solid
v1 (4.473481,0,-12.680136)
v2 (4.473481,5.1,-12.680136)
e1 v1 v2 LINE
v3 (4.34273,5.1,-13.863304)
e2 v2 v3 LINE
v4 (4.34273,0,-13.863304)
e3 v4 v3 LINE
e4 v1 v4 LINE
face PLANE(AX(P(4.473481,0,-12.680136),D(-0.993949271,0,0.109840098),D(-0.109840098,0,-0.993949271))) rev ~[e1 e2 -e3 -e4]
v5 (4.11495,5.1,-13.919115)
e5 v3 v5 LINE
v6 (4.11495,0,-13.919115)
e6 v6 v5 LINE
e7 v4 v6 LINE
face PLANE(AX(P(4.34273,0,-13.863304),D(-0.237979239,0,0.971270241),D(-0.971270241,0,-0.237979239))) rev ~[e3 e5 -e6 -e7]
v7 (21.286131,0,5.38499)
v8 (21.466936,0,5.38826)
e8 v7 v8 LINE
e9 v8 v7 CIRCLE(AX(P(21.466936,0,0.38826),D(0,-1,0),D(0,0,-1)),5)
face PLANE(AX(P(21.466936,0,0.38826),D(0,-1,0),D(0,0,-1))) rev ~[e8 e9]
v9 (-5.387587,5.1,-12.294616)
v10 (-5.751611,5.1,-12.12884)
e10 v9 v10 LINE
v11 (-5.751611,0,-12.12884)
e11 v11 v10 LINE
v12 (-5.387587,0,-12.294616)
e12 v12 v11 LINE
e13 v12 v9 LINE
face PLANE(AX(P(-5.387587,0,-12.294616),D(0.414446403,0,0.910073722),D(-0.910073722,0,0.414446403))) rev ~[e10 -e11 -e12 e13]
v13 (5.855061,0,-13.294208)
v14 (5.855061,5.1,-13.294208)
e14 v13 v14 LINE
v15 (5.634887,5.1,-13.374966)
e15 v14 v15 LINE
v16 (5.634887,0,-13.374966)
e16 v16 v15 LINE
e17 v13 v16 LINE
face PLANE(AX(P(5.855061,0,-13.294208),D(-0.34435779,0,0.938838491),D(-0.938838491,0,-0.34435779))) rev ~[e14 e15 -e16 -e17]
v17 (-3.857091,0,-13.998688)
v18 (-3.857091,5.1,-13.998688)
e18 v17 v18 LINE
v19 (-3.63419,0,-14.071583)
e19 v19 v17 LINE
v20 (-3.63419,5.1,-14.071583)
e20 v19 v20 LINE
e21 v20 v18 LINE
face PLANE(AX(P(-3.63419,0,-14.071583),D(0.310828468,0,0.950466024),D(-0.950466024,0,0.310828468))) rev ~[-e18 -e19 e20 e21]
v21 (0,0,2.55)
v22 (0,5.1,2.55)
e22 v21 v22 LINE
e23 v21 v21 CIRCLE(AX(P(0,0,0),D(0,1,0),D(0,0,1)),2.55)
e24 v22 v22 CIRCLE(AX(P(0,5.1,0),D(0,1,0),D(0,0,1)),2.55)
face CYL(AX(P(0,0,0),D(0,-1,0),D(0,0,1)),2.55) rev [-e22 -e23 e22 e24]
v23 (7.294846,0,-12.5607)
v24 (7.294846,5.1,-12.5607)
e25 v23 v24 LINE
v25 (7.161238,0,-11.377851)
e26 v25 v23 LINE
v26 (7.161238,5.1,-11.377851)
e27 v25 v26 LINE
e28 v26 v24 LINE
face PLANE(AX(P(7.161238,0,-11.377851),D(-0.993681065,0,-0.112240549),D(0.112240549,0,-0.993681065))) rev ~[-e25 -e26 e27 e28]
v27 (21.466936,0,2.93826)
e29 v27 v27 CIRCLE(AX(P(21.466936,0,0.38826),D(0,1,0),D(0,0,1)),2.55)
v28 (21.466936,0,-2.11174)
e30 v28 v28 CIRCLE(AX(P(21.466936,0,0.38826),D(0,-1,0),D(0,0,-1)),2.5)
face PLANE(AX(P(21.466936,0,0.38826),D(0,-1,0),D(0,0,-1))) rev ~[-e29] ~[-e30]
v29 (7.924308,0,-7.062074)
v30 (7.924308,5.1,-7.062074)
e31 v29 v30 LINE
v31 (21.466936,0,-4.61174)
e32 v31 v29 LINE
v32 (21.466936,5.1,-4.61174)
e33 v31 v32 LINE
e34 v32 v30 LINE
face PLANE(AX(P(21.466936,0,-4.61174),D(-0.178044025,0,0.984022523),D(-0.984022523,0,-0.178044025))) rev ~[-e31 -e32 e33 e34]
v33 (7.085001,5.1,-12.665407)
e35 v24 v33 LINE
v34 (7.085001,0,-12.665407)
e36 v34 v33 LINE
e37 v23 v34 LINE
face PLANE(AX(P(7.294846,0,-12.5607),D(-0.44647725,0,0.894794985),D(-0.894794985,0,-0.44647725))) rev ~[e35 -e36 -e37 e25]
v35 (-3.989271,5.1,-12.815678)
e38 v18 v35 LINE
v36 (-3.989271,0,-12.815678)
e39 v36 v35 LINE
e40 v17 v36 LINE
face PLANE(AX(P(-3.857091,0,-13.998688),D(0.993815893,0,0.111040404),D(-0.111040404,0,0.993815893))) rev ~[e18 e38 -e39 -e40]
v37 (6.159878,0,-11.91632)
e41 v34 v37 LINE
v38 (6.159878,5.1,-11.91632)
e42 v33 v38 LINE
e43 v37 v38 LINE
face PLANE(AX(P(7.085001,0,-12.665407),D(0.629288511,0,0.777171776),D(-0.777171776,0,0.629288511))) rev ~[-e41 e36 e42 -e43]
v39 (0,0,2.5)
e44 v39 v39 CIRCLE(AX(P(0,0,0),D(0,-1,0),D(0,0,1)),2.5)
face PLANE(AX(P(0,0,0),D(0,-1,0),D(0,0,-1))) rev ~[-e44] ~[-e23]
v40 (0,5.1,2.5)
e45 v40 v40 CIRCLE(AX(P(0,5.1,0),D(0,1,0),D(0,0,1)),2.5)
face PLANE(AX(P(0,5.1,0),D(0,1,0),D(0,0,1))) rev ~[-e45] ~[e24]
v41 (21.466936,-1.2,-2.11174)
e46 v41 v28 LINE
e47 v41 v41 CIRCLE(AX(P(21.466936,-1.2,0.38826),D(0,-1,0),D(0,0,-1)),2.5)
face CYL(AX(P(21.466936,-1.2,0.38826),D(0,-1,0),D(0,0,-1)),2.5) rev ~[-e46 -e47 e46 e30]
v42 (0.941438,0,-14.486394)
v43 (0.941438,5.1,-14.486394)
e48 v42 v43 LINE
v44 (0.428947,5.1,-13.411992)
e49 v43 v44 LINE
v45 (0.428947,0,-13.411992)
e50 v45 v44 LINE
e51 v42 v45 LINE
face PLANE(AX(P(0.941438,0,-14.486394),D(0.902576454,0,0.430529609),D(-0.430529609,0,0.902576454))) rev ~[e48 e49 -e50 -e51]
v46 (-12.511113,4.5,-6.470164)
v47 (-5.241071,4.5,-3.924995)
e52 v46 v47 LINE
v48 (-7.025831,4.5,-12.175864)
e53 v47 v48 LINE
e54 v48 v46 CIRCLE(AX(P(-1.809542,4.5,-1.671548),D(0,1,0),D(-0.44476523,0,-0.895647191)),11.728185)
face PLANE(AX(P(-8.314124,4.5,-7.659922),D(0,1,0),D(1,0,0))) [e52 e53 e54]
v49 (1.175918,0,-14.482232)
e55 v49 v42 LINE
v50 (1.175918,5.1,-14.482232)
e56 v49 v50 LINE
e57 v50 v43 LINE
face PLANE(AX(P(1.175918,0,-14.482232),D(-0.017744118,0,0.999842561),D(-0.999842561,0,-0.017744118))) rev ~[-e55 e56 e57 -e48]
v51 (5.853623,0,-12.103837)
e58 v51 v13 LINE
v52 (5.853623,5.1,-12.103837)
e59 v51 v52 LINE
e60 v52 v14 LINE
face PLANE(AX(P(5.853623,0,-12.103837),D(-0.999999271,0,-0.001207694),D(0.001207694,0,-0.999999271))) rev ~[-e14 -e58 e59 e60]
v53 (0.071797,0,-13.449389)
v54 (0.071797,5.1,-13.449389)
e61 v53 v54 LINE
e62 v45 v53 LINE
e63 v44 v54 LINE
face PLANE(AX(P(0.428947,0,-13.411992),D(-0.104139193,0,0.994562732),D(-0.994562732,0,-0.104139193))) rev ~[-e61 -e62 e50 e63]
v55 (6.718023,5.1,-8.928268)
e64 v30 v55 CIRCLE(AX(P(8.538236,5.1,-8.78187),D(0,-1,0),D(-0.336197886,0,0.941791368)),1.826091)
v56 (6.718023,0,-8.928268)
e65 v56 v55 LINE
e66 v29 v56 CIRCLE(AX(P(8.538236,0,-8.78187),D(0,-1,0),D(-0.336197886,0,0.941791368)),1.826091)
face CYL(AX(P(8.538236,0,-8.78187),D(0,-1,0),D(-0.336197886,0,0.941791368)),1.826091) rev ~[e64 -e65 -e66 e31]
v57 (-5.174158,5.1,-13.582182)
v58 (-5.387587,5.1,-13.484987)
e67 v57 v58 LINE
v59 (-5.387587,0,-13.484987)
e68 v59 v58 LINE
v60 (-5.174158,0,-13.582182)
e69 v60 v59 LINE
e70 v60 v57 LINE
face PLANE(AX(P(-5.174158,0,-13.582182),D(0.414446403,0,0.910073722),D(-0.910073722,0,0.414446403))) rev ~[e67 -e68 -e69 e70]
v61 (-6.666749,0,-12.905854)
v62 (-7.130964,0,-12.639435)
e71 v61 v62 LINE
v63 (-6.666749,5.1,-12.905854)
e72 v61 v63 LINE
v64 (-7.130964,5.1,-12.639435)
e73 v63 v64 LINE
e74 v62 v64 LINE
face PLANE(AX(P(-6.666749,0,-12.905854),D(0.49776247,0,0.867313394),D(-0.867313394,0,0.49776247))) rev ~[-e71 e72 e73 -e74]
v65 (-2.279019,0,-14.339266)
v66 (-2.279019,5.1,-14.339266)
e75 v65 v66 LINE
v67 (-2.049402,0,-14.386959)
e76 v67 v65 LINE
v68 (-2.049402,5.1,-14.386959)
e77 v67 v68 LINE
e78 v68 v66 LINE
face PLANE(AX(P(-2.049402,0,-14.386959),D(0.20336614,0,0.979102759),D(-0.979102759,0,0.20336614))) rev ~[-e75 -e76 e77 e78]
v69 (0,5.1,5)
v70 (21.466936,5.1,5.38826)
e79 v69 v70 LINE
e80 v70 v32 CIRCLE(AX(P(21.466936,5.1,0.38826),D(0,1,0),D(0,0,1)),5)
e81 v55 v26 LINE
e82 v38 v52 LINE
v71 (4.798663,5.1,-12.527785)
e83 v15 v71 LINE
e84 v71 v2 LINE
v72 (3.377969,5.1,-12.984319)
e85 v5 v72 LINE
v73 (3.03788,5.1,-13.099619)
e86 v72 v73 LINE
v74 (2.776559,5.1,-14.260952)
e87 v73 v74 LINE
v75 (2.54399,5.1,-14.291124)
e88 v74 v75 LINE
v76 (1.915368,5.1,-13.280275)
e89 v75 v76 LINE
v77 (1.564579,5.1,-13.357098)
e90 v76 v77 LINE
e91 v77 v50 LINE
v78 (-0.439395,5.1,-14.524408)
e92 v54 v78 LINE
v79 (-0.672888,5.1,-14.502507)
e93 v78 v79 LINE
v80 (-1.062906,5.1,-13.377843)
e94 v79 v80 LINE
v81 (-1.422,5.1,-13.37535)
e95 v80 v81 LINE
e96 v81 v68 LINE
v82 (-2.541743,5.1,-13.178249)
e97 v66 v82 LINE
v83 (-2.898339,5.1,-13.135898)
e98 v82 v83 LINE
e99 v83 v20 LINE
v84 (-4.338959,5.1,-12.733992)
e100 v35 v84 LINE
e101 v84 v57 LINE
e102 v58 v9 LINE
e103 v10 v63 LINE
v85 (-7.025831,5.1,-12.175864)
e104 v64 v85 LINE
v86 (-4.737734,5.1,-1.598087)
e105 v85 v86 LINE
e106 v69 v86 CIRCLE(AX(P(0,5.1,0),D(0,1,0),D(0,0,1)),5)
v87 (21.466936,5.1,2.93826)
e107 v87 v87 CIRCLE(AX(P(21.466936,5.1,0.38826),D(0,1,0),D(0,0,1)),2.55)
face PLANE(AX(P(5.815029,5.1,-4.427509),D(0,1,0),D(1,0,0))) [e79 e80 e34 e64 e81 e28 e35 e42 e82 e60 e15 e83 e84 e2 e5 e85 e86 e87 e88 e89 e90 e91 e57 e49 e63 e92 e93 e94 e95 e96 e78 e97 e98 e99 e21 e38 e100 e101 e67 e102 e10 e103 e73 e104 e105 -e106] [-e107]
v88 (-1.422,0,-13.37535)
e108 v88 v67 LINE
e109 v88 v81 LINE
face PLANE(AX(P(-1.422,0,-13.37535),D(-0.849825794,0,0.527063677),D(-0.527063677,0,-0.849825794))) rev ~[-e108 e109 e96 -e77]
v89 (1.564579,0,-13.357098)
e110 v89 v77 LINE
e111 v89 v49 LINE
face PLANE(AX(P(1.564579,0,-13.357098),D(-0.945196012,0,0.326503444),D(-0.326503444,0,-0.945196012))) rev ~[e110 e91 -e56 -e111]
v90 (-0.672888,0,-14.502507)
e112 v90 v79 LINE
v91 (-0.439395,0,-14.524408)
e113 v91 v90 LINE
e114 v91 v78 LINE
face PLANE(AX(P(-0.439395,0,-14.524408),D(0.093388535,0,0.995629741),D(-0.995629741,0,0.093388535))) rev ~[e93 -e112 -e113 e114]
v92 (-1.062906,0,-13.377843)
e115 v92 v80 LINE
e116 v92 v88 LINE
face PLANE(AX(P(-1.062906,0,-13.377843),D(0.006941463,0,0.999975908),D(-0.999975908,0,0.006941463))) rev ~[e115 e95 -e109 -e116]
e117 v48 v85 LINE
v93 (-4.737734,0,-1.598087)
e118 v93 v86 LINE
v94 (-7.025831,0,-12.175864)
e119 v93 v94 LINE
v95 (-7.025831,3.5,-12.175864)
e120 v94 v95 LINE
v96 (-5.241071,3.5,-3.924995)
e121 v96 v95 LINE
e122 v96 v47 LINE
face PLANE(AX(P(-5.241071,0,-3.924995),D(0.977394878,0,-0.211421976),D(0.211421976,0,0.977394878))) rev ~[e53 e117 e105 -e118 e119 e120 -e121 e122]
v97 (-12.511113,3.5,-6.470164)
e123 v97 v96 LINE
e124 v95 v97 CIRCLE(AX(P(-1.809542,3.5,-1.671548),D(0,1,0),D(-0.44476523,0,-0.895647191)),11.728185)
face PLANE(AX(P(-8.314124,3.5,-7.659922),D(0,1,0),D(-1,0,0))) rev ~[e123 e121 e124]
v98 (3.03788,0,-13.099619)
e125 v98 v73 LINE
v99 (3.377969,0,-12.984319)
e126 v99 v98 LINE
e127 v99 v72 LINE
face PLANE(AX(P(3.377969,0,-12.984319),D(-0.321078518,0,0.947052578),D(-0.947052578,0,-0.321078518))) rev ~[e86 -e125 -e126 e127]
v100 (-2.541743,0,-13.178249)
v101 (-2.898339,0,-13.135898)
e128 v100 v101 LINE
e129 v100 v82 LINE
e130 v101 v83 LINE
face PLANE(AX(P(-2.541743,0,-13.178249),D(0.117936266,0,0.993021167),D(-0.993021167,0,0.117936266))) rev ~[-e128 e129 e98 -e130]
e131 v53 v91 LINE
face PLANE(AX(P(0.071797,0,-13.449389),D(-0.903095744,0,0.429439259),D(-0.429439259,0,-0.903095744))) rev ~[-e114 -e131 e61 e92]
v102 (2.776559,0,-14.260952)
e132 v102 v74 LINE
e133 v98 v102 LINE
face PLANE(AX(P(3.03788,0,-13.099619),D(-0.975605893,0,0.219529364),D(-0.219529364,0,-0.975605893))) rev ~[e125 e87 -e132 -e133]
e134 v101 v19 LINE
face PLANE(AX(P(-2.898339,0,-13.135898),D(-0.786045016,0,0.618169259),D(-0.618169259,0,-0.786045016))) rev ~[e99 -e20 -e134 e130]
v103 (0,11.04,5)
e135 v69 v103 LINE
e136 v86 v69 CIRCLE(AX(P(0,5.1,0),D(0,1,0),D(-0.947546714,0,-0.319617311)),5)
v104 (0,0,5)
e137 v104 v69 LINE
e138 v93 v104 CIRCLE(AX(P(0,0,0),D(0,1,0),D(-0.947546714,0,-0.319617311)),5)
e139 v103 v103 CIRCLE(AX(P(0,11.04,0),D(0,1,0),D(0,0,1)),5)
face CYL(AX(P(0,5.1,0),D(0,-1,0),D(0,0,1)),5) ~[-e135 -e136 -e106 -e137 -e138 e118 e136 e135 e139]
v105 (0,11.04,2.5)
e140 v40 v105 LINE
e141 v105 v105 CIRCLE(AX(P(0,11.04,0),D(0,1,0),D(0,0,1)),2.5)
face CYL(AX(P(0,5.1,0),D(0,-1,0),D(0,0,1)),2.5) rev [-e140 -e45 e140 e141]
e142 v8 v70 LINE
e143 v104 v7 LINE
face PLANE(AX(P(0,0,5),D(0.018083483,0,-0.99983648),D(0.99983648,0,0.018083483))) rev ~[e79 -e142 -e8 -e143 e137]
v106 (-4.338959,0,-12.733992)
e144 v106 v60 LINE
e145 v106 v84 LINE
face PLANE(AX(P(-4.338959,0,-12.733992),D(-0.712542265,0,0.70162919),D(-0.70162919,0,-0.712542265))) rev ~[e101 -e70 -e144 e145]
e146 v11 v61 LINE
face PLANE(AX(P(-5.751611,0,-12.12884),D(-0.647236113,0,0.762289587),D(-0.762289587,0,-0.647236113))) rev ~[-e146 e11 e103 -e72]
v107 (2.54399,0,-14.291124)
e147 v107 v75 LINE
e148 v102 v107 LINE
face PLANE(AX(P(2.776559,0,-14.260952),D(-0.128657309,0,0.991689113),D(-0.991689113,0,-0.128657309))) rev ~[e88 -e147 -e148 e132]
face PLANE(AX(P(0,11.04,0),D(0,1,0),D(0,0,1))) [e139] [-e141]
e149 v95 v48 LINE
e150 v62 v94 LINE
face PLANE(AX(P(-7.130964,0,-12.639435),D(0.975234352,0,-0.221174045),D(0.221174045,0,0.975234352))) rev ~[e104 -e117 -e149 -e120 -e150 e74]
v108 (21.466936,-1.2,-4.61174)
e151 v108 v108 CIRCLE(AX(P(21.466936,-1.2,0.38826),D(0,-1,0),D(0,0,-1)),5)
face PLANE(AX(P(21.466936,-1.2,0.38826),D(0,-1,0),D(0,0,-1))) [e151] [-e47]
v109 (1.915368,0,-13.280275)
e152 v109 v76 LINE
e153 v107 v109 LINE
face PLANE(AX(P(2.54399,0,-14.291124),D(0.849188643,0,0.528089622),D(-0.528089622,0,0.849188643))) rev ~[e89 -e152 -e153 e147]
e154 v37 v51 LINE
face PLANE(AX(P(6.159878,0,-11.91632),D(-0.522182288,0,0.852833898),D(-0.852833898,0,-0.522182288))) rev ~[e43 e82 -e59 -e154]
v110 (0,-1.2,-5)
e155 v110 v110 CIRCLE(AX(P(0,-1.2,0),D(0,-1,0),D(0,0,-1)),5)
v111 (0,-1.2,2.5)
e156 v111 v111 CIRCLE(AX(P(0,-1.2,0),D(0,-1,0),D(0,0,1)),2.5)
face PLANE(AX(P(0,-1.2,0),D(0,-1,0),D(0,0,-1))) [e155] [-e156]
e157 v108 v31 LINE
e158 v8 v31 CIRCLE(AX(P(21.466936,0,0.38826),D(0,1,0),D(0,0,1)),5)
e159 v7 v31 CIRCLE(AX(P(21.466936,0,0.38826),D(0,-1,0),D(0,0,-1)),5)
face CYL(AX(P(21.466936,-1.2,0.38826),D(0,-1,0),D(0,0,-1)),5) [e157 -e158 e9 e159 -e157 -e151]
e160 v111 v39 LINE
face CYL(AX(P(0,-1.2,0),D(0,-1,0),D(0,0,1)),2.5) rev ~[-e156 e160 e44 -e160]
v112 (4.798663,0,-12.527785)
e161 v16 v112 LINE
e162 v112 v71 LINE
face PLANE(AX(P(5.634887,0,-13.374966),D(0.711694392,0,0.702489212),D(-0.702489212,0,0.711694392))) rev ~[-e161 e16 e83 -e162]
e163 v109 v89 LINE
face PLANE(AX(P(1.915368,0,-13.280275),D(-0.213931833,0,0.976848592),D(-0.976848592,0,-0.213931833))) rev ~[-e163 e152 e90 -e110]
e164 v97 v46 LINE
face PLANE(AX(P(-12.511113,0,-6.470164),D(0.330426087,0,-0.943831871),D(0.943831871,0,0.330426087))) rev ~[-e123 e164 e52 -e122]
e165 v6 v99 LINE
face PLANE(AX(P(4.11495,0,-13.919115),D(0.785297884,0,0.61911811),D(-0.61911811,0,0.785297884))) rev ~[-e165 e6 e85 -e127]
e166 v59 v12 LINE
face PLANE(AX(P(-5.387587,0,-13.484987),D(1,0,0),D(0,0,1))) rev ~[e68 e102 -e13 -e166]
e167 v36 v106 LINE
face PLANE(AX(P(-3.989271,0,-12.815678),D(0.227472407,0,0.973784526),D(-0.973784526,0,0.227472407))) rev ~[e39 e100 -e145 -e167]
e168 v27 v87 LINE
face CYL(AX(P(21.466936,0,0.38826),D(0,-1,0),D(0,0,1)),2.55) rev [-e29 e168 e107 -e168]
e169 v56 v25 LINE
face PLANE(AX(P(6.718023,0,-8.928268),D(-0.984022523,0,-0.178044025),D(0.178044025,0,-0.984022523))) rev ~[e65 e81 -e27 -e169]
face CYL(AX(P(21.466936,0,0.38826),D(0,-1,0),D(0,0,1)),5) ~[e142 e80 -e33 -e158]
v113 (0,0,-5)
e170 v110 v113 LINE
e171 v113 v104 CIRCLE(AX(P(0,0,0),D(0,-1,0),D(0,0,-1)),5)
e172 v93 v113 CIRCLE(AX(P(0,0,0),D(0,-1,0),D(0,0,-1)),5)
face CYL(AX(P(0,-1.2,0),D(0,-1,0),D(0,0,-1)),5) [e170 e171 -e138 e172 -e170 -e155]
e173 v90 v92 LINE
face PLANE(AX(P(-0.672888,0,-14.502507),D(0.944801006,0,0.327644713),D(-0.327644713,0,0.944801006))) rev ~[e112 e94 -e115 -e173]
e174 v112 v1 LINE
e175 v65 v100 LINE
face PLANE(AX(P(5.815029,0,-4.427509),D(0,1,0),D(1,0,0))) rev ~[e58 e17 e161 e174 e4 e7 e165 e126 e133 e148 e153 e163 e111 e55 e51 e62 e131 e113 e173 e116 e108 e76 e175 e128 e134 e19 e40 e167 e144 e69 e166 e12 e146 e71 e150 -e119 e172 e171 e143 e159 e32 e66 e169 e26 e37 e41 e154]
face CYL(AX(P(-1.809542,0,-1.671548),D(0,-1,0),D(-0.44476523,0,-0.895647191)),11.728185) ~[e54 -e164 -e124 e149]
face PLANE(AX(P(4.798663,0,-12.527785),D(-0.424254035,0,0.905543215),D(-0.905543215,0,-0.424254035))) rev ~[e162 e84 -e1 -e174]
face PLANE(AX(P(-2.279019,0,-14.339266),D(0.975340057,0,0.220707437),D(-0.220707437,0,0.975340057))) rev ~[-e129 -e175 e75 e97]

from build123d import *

# Parameters (mm, degrees)
SKETCH_1_R          = 2.5499999999999994
SKETCH_1_R_2        = 2.5499999999999976
EXTRUDE_1_DEPTH     = 5.1
SKETCH_2_R          = 4.999999999999998
SKETCH_2_R_2        = 2.5
EXTRUDE_2_DEPTH     = 5.94
CUT_EXTRUDE_1_DEPTH = 3.5
CUT_EXTRUDE_START   = -0.6
CUT_EXTRUDE_3_DEPTH = 0.6
EXTRUDE_START       = 1.2
SKETCH_6_R          = 4.999999999999998
SKETCH_6_R_2        = 2.5
SKETCH_6_R_3        = 5
SKETCH_6_R_4        = 2.4999999999999987
EXTRUDE_4_DEPTH     = 1.2


with BuildPart() as part:
    # Эскиз1 → Бобышка-Вытянуть1 (new body)
    with BuildSketch(Plane(origin=(0, 0, 0), x_dir=(1, 0, 0), z_dir=(0, 1, 0))):
        with BuildLine():
            Line((6.718023264525762, 8.928267668376021), (7.161238337218641, 11.37785065819786))
            Line((7.161238337218641, 11.37785065819786), (7.294846288705666, 12.560700282216452))
            Line((7.294846288705666, 12.560700282216452), (7.085001061393901, 12.665407082864023))
            Line((7.085001061393901, 12.665407082864023), (6.15987792536569, 11.916319971156167))
            Line((6.15987792536569, 11.916319971156167), (5.853623131200735, 12.10383694173367))
            Line((5.853623131200735, 12.10383694173367), (5.855060736117009, 13.29420757772634))
            Line((5.855060736117009, 13.29420757772634), (5.634886528714601, 13.37496556136943))
            Line((5.634886528714601, 13.37496556136943), (4.798663389284832, 12.527784837542624))
            Line((4.798663389284832, 12.527784837542624), (4.473480547373511, 12.680135526842204))
            Line((4.473480547373511, 12.680135526842204), (4.342730025112913, 13.863304415323501))
            Line((4.342730025112913, 13.863304415323501), (4.114949999467502, 13.919114749889351))
            Line((4.114949999467502, 13.919114749889351), (3.3779694438823102, 12.984318526945106))
            Line((3.3779694438823102, 12.984318526945106), (3.0378804853992434, 13.099618628946285))
            Line((3.0378804853992434, 13.099618628946285), (2.776558986480811, 14.260952083189514))
            Line((2.776558986480811, 14.260952083189514), (2.54399037483231, 14.291124494483034))
            Line((2.54399037483231, 14.291124494483034), (1.9153675367628848, 13.280274532718662))
            Line((1.9153675367628848, 13.280274532718662), (1.56457875493138, 13.35709799101592))
            Line((1.56457875493138, 13.35709799101592), (1.175918359734634, 14.482232389631033))
            Line((1.175918359734634, 14.482232389631033), (0.9414376205823001, 14.486393698794194))
            Line((0.9414376205823001, 14.486393698794194), (0.4289474421954887, 13.411992407470256))
            Line((0.42894744219548875, 13.411992407470256), (0.07179746795026506, 13.449389053044667))
            Line((0.07179746795026506, 13.449389053044667), (-0.4393947883485354, 14.524408492330128))
            Line((-0.43939478834853546, 14.524408492330128), (-0.6728875469021285, 14.502507231398162))
            Line((-0.6728875469021285, 14.502507231398162), (-1.062906477097084, 13.377843036257644))
            Line((-1.062906477097084, 13.377843036257644), (-1.4220003362283888, 13.375350339371238))
            Line((-1.4220003362283888, 13.375350339371238), (-2.049401918098927, 14.386958748197415))
            Line((-2.049401918098927, 14.386958748197415), (-2.279018807507275, 14.33926579666565))
            Line((-2.279018807507275, 14.33926579666565), (-2.5417426516817105, 13.178248785832608))
            Line((-2.5417426516817105, 13.178248785832608), (-2.898339045786024, 13.13589757669542))
            Line((-2.898339045786024, 13.13589757669542), (-3.6341901158202092, 14.071583165165732))
            Line((-3.6341901158202092, 14.071583165165732), (-3.8570911851181764, 13.998688399693854))
            Line((-3.8570911851181764, 13.998688399693854), (-3.989270518385492, 12.815678280718325))
            Line((-3.989270518385492, 12.815678280718325), (-4.3389589867331635, 12.733992368173748))
            Line((-4.3389589867331635, 12.733992368173748), (-5.174158380979493, 13.582182376127184))
            Line((-5.174158380979493, 13.582182376127184), (-5.3875867419063175, 13.48498737481814))
            Line((-5.3875867419063175, 13.48498737481814), (-5.3875867419063175, 12.2946158707315))
            Line((-5.3875867419063175, 12.2946158707315), (-5.751610974482103, 12.12883970299033))
            Line((-5.751610974482103, 12.12883970299033), (-6.666748566138722, 12.905854249247858))
            Line((-6.666748566138722, 12.905854249247858), (-7.13096440438616, 12.63943472468846))
            Line((-7.13096440438616, 12.63943472468846), (-7.025830916712447, 12.175864106991055))
            ThreePointArc((-7.025830916712449, 12.175864106991055), (-10.264322646127633, 9.799709596012173), (-12.51111253150909, 6.470163958468902))
            Line((-12.51111253150909, 6.470163958468902), (-5.241071220187256, 3.924995297345621))
            Line((-5.241071220187256, 3.924995297345621), (-4.737733567637334, 1.5980865565051285))
            ThreePointArc((-4.737733567637334, 1.5980865565051288), (-4.061430338102922, -2.9162962141622684), (1.55e-15, -5))
            Line((2.2e-16, -5), (21.46693589645179, -5.388260461869603))
            ThreePointArc((21.46693589645179, -5.388260461869605), (26.46693589645179, -0.3882604618696045), (21.46693589645179, 4.611739538130397))
            Line((21.46693589645179, 4.611739538130397), (7.924308406385933, 7.062073595968816))
            ThreePointArc((7.924308406385932, 7.062073595968816), (7.00463576208043, 7.790569444059032), (6.718023264525762, 8.928267668376021))
        make_face()
        with Locations(Location((21.46693589645179, -0.3882604618696021, 0), (0, 0, 270))):
            Circle(SKETCH_1_R, mode=Mode.SUBTRACT)
        with Locations(Location((2.78e-15, 1.83e-15, 0), (0, 0, 270))):
            Circle(SKETCH_1_R_2, mode=Mode.SUBTRACT)
    extrude(amount=EXTRUDE_1_DEPTH)

    # Эскиз2 → Бобышка-Вытянуть2 (add)
    with BuildSketch(Plane(origin=(0, 5.1, 0), x_dir=(1, 0, 0), z_dir=(0, 1, 0))):
        with Locations(Location((0, 0, 0), (0, 0, 270))):
            Circle(SKETCH_2_R)
        with Locations(Location((0, 0, 0), (0, 0, 270))):
            Circle(SKETCH_2_R_2, mode=Mode.SUBTRACT)
    extrude(amount=EXTRUDE_2_DEPTH)

    # Эскиз4 → Вырез-Вытянуть1 (cut)
    with BuildSketch(Plane.XZ):
        with BuildLine():
            Line((-5.241071220187255, -3.924995297345621), (-7.025830916712447, -12.175864106991055))
            ThreePointArc((-7.025830916712447, -12.175864106991055), (-10.264322646127628, -9.799709596012166), (-12.511112531509088, -6.470163958468901))
            Line((-12.511112531509088, -6.470163958468901), (-5.241071220187255, -3.924995297345621))
        make_face()
    extrude(amount=-CUT_EXTRUDE_1_DEPTH, mode=Mode.SUBTRACT)

    # Эскиз5 → Вырез-Вытянуть3 (cut)
    with BuildSketch(Plane(origin=(0, 5.1, 0), x_dir=(1, 0, 0), z_dir=(0, 1, 0)).offset(CUT_EXTRUDE_START)):
        with BuildLine():
            Line((-5.241071220187255, 3.924995297345621), (-7.025830916712447, 12.175864106991055))
            ThreePointArc((-7.025830916712447, 12.175864106991055), (-10.264322646127628, 9.799709596012168), (-12.511112531509088, 6.470163958468901))
            Line((-12.511112531509088, 6.470163958468901), (-5.241071220187255, 3.924995297345621))
        make_face()
    extrude(amount=CUT_EXTRUDE_3_DEPTH, mode=Mode.SUBTRACT)

    # Эскиз6 → Бобышка-Вытянуть4 (add)
    # profile 1 of 2: a face of its own
    with BuildSketch(Plane.XZ.offset(EXTRUDE_START)):
        with Locations(Location((0, 0, 0), (0, 0, 270))):
            Circle(SKETCH_6_R)
        with Locations(Location((0, 0, 0), (0, 0, 90))):
            Circle(SKETCH_6_R_2, mode=Mode.SUBTRACT)
    # profile 2 of 2: a face of its own
    with BuildSketch(Plane.XZ.offset(EXTRUDE_START)):
        with Locations(Location((21.46693589645179, 0.38826046186960295, 0), (0, 0, 270))):
            Circle(SKETCH_6_R_3)
        with Locations(Location((21.46693589645179, 0.38826046186960295, 0), (0, 0, 270))):
            Circle(SKETCH_6_R_4, mode=Mode.SUBTRACT)
    extrude(amount=-EXTRUDE_4_DEPTH)


solid = part.part
